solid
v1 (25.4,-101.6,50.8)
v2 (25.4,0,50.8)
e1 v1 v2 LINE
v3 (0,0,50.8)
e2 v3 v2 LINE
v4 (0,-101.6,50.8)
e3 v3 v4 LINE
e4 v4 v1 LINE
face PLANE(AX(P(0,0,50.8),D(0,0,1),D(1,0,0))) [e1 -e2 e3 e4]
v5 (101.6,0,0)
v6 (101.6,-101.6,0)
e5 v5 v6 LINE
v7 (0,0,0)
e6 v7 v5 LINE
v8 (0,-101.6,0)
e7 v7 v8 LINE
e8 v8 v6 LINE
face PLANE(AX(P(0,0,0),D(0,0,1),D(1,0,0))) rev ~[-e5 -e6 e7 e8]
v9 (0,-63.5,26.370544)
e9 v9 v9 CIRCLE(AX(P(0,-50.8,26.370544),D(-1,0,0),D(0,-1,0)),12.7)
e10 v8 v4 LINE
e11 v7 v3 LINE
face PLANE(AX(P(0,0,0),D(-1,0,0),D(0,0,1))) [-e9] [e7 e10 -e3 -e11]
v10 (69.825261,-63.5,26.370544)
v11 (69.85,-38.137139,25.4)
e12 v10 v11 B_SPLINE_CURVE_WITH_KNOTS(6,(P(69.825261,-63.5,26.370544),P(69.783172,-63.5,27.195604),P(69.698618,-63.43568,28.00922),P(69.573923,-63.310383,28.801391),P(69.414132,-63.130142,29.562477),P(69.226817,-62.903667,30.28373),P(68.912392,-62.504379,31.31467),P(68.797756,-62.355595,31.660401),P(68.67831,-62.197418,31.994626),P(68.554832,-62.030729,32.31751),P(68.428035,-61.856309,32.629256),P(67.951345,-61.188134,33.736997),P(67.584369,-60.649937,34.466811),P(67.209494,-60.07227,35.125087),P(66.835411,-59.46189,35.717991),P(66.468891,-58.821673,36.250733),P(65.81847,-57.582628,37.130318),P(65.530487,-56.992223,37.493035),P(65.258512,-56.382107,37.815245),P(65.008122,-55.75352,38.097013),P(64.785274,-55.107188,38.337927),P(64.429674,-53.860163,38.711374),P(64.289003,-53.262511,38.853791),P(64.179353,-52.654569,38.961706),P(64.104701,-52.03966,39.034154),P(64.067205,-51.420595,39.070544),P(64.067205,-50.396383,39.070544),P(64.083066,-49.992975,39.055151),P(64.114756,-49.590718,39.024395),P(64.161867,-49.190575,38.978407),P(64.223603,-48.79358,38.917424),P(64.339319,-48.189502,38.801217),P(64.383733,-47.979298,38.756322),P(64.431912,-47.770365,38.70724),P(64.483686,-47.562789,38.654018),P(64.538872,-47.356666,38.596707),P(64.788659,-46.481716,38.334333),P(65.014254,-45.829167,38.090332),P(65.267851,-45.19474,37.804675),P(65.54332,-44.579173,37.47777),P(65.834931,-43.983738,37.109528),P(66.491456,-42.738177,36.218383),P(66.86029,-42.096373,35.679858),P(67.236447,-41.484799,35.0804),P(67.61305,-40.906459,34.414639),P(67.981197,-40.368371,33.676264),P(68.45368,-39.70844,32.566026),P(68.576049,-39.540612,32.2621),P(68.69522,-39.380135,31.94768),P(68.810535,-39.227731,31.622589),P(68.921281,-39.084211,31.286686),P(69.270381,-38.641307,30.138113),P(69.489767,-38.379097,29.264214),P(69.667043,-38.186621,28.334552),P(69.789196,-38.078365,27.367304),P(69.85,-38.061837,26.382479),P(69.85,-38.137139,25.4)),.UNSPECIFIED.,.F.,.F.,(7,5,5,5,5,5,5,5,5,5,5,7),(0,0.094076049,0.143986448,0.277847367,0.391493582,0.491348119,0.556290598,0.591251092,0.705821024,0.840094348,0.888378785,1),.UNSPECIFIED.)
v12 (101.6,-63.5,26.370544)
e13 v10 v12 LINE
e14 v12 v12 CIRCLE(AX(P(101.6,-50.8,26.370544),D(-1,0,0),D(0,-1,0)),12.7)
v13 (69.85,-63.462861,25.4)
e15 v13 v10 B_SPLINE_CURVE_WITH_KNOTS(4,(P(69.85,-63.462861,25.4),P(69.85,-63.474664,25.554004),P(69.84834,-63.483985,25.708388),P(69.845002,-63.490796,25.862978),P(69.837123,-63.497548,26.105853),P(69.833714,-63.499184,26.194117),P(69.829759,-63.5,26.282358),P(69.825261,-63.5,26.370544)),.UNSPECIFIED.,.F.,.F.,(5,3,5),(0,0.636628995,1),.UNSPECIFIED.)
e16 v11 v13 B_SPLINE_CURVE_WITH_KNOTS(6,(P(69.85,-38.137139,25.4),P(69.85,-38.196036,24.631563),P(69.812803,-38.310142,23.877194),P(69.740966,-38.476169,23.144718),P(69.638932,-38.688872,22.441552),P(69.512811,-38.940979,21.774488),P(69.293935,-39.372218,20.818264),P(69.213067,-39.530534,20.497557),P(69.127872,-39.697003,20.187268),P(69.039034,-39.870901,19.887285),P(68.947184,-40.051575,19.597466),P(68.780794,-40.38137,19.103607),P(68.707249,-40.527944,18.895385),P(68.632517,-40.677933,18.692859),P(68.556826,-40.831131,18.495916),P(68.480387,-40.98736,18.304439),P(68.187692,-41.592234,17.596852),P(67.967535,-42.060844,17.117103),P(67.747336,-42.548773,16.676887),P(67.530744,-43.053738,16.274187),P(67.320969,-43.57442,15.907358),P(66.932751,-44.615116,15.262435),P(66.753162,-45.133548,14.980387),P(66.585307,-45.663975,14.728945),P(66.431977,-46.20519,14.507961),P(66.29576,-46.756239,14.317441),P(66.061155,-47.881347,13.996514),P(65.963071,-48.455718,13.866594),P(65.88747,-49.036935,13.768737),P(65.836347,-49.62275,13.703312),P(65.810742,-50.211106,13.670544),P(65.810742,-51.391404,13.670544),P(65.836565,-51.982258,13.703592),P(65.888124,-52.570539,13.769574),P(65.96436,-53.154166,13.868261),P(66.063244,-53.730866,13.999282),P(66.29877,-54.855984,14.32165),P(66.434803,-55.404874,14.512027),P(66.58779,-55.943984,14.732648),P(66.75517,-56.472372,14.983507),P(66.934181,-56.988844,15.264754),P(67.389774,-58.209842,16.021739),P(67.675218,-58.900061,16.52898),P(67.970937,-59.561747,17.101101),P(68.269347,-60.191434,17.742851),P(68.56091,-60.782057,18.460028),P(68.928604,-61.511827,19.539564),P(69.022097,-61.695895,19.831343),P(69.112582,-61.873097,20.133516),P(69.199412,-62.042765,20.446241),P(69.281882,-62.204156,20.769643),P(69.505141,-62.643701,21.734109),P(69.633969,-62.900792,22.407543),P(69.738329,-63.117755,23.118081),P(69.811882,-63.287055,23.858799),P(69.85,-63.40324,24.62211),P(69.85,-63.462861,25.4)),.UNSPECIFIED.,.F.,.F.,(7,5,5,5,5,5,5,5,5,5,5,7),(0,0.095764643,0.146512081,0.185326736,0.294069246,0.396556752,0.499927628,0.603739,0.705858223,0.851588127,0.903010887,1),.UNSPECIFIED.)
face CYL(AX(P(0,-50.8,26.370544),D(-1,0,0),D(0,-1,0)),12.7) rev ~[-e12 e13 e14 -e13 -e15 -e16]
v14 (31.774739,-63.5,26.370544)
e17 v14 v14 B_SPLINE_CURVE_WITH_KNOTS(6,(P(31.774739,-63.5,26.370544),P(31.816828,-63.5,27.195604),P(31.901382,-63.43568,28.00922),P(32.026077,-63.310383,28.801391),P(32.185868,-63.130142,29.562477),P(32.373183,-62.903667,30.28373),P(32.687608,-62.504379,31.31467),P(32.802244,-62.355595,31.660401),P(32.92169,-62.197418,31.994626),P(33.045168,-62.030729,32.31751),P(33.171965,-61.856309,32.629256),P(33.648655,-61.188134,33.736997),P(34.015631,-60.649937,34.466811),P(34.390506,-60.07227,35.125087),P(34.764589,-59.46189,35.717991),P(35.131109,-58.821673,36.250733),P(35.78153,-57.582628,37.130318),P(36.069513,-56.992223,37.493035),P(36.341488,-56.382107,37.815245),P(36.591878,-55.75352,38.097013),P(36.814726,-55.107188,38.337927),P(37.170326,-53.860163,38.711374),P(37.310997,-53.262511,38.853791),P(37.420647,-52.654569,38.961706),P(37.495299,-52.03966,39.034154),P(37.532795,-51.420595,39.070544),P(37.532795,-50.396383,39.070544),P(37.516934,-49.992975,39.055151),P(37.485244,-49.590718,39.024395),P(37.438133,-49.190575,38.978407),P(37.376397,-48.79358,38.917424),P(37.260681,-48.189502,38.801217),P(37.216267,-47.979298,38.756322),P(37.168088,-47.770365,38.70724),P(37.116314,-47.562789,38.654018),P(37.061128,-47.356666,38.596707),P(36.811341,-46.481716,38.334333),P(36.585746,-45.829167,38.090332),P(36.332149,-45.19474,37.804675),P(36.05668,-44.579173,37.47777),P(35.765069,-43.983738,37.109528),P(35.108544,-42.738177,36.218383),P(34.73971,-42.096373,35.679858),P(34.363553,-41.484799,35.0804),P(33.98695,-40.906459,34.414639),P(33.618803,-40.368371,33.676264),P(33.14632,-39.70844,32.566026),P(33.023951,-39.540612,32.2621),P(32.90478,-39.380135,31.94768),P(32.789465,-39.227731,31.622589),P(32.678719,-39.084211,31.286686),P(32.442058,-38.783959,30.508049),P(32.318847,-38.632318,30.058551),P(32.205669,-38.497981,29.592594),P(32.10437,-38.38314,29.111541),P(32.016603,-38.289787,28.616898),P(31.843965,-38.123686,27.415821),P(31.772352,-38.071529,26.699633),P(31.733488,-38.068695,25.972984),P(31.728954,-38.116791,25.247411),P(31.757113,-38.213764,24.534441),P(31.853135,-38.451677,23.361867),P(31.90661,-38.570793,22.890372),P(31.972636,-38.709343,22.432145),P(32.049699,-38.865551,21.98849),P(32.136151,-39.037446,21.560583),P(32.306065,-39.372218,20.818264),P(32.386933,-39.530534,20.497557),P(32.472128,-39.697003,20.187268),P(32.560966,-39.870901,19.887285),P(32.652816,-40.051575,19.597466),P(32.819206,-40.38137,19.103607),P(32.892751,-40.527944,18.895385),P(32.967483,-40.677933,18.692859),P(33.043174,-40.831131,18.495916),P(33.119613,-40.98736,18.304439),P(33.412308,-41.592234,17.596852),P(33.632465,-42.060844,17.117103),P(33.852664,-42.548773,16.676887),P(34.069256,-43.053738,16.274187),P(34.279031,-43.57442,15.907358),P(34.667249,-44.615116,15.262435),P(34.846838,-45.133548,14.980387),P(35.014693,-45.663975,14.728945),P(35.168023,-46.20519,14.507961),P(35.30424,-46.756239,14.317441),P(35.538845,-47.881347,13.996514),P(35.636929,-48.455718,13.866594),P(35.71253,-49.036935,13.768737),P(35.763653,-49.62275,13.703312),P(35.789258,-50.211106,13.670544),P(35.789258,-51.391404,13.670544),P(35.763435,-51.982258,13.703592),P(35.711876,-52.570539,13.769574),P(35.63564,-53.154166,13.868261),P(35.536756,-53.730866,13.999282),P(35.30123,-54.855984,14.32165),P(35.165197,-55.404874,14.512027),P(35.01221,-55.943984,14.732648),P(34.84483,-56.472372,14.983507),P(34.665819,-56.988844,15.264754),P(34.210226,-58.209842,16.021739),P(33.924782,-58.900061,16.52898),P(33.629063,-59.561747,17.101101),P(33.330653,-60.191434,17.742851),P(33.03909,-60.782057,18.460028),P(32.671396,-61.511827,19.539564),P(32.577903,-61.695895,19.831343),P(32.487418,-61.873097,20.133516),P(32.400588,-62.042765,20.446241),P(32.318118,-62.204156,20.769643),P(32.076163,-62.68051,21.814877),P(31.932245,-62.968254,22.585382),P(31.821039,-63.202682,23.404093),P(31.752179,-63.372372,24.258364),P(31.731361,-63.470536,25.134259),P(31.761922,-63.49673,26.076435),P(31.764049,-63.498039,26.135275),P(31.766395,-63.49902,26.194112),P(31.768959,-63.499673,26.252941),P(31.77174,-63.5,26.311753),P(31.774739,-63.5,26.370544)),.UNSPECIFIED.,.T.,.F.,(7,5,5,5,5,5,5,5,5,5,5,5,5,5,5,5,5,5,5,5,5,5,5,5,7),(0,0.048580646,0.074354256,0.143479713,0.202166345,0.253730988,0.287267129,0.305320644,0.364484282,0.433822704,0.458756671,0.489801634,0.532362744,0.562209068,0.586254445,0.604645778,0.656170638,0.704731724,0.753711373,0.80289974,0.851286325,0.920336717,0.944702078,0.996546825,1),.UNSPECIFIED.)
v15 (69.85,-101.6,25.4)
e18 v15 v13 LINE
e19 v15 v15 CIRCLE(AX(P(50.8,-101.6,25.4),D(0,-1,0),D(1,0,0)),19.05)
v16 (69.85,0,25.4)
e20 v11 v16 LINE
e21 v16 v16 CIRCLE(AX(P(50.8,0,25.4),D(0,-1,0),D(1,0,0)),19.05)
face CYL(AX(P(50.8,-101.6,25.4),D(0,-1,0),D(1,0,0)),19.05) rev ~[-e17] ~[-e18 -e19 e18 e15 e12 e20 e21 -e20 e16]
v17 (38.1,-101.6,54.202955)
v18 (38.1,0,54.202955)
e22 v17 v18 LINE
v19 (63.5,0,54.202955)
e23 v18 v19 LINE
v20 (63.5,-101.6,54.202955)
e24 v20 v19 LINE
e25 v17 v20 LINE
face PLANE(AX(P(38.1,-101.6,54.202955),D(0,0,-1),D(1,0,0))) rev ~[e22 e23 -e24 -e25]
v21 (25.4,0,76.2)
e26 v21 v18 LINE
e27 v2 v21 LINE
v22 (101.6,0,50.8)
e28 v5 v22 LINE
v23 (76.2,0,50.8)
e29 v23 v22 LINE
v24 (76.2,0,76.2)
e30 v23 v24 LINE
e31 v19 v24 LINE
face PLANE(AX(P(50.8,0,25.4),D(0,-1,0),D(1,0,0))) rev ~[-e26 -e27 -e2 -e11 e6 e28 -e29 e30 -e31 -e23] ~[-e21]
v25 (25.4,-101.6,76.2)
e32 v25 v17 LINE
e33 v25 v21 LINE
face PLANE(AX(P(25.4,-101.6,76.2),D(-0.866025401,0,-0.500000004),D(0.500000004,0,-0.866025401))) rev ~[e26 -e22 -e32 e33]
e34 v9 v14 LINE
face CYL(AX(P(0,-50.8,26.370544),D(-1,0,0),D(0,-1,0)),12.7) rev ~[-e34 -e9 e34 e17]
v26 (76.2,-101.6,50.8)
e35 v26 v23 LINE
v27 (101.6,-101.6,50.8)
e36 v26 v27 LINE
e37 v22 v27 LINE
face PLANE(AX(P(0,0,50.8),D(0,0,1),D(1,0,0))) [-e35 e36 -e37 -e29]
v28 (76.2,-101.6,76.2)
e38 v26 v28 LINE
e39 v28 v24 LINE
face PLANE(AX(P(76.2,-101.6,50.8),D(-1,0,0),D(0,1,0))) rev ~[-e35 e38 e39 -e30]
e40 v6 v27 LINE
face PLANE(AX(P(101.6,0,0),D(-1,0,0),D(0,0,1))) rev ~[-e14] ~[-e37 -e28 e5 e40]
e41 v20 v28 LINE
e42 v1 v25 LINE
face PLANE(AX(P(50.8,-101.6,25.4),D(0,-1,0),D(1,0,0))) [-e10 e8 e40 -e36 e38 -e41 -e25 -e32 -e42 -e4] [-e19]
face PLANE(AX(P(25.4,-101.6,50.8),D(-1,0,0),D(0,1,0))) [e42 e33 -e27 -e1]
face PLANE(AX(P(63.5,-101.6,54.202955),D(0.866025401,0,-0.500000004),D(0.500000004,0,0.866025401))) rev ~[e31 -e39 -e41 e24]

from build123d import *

# Parameters (mm, degrees)
F0_W     = 101.6
F0_H     = 50.8
F1_DEPTH = 101.6
F2_W     = 50.8
F2_H     = 101.6
F3_DEPTH = 25.4
F5_DEPTH = 101.6
F6_R     = 19.05
F7_DEPTH = 101.6
F8_R     = 12.7
F9_DEPTH = 101.6


with BuildPart() as f1:
    # F0 (on Front) → F1 (new body)
    with BuildSketch(Plane.XZ):
        with Locations((50.8, 25.4)):
            Rectangle(F0_W, F0_H)
    extrude(amount=F1_DEPTH)

    # F2 (on face) → F3 (join)
    with BuildSketch(Plane.XY.offset(50.8)):
        with Locations((50.8, -50.8)):
            Rectangle(F2_W, F2_H)
    extrude(amount=F3_DEPTH)

    # F4 (on face) → F5 (cut)
    with BuildSketch(Plane.XZ.offset(101.6)):
        Polygon((76.2, 76.2), (25.4, 76.2), (38.1, 54.202955), (63.5, 54.202955), align=None)
    extrude(amount=-F5_DEPTH, mode=Mode.SUBTRACT)

    # F6 (on face) → F7 (cut)
    with BuildSketch(Plane.XZ.offset(101.6)):
        with Locations((50.8, 25.4)):
            Circle(F6_R)
    extrude(amount=-F7_DEPTH, mode=Mode.SUBTRACT)

    # F8 (on face) → F9 (cut)
    with BuildSketch(Plane(origin=(0, 0, 0), x_dir=(0, -1, 0), z_dir=(-1, 0, 0))):
        with Locations((50.8, 26.370544)):
            Circle(F8_R)
    extrude(amount=-F9_DEPTH, mode=Mode.SUBTRACT)


solid = f1.part
